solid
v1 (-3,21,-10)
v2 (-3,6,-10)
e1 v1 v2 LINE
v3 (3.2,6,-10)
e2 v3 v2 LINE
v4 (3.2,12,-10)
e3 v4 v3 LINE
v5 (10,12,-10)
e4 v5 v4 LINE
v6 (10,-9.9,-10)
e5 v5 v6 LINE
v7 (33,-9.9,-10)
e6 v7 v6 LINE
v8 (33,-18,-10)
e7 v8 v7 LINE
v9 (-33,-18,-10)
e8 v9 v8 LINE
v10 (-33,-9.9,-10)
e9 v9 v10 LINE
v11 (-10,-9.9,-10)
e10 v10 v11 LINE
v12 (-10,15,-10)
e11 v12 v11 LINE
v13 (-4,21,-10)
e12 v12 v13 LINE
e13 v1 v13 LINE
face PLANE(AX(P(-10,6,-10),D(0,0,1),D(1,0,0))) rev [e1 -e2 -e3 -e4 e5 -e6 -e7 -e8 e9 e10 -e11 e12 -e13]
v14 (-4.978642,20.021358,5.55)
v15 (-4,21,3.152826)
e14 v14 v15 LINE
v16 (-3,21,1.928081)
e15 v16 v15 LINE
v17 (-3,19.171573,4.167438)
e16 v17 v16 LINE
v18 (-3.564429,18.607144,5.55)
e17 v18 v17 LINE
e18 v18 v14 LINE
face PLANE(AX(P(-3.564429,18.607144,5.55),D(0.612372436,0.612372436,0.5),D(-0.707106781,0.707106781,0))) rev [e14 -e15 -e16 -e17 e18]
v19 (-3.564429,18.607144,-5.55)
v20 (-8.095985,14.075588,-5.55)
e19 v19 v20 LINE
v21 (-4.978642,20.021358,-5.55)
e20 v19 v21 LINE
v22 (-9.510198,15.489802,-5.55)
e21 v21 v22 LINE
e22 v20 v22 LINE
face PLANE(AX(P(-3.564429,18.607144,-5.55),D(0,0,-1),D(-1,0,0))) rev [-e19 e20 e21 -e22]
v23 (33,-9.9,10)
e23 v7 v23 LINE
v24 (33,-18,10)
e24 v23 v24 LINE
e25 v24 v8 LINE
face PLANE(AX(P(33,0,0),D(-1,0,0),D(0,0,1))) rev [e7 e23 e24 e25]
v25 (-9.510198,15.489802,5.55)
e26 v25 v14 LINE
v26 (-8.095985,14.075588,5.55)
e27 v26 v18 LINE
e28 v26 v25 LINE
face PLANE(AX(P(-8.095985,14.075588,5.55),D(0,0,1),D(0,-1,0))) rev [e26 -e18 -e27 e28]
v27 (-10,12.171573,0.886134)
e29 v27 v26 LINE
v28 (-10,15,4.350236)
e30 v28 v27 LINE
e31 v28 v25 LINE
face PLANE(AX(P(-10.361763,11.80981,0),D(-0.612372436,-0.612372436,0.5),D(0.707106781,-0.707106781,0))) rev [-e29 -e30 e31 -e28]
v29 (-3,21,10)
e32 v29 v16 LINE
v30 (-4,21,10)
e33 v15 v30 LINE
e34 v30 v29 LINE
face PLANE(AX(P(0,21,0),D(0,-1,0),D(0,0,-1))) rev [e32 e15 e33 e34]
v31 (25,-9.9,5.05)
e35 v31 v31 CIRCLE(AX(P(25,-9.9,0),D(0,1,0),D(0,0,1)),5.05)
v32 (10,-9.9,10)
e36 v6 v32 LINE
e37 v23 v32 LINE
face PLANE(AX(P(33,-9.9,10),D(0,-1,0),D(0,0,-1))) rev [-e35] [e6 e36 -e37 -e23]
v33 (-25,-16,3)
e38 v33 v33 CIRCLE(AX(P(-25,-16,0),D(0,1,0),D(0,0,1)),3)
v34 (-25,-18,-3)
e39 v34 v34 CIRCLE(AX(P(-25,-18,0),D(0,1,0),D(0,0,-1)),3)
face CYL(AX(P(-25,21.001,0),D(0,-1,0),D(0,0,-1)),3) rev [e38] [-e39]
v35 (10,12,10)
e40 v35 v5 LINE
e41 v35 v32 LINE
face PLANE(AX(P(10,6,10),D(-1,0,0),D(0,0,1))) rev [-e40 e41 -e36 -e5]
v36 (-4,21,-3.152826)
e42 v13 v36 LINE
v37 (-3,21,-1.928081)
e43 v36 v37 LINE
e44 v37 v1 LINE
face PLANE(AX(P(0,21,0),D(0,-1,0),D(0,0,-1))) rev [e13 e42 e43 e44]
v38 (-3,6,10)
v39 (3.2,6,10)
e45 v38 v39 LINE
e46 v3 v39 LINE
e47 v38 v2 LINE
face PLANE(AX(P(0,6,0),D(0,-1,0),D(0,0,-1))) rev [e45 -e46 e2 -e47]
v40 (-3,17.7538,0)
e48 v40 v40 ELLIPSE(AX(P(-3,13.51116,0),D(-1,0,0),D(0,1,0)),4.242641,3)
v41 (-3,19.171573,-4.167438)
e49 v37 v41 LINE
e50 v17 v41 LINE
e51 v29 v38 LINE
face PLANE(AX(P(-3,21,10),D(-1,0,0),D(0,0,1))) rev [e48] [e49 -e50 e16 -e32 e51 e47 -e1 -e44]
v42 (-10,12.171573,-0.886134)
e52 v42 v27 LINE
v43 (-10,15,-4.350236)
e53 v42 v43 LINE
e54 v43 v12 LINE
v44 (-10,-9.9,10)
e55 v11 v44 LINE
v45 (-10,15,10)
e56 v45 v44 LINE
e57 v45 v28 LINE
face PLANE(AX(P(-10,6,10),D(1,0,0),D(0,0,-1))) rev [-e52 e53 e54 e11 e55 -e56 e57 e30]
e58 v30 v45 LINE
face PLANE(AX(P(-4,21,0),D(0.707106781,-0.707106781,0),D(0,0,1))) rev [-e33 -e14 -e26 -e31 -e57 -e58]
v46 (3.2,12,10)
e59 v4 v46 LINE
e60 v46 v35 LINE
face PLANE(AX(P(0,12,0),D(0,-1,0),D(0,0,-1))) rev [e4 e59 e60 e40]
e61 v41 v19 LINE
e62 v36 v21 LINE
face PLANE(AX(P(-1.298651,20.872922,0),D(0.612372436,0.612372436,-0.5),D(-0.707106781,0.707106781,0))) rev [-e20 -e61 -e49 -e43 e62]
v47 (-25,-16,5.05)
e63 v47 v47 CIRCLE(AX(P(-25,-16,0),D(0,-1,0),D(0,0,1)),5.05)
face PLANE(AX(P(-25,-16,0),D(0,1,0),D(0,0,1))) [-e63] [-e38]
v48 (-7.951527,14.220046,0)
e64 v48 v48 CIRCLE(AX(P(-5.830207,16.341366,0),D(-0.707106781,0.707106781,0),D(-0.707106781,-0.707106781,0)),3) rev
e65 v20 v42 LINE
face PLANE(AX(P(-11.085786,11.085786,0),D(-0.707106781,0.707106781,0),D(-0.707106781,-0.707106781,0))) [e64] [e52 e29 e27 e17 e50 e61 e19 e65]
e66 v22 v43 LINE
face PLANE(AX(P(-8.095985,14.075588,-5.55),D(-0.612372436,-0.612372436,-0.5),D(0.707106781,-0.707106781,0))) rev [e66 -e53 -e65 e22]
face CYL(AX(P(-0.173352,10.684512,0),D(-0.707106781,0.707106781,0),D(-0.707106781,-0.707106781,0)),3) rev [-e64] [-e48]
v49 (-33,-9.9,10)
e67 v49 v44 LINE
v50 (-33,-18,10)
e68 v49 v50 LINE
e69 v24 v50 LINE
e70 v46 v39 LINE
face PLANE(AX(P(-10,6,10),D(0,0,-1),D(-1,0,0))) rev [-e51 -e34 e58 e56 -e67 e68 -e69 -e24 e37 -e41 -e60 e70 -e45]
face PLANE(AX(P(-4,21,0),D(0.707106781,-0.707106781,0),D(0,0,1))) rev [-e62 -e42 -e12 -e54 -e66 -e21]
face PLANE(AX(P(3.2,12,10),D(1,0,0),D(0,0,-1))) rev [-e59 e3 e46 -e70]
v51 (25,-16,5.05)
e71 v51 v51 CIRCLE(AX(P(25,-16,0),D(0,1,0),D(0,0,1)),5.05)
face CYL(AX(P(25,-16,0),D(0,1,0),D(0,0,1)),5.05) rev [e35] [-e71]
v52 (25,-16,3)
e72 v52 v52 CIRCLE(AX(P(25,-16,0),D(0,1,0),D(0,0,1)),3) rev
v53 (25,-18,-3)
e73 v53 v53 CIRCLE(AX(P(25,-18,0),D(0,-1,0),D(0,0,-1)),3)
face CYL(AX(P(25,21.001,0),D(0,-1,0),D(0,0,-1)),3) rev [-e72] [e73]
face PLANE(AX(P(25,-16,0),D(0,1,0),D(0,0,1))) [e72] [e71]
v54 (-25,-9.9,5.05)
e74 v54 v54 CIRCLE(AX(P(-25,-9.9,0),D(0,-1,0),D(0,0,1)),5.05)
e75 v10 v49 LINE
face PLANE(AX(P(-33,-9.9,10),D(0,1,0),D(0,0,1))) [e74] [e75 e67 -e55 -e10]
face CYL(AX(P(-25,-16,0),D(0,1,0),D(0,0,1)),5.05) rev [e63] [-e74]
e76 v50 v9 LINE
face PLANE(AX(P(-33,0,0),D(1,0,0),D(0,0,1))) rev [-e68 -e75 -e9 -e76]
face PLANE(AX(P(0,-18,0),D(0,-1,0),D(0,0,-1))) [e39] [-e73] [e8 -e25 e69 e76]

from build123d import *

# Parameters (mm, degrees)
SKETCH1_W           = 20
SKETCH1_H           = 20
BOSS_EXTRUDE1_DEPTH = 6
SKETCH2_W           = 6.8
SKETCH2_H           = 20
BOSS_EXTRUDE2_DEPTH = 6
SKETCH3_W           = 7
SKETCH3_H           = 20
BOSS_EXTRUDE3_DEPTH = 15
CHAMFER1_SIZE       = 6
SKETCH4_R           = 3
CUT_EXTRUDE1_DEPTH  = 10
SKETCH5_W           = 20
SKETCH5_H           = 20
BOSS_EXTRUDE4_DEPTH = 18
CUT_EXTRUDE2_DEPTH  = 2
SKETCH9_W           = 20
SKETCH9_H           = 8.1
BOSS_EXTRUDE5_DEPTH = 23
CUT_EXTRUDE5_REACH  = 54.058
SKETCH10_R          = 3
SKETCH11_R          = 5.05
CUT_EXTRUDE6_DEPTH  = 6.1


with BuildPart() as part:
    # Sketch1 → Boss-Extrude1 (new body)
    with BuildSketch(Plane(origin=(0, 0, 0), x_dir=(1, 0, 0), z_dir=(0, 1, 0))):
        Rectangle(SKETCH1_W, SKETCH1_H)
    extrude(amount=BOSS_EXTRUDE1_DEPTH)

    # Sketch2 → Boss-Extrude2 (add)
    with BuildSketch(Plane(origin=(0, 6, 0), x_dir=(1, 0, 0), z_dir=(0, 1, 0))):
        with Locations((6.6, 0)):
            Rectangle(SKETCH2_W, SKETCH2_H)
    extrude(amount=BOSS_EXTRUDE2_DEPTH)

    # Sketch3 → Boss-Extrude3 (add)
    with BuildSketch(Plane(origin=(0, 6, 0), x_dir=(1, 0, 0), z_dir=(0, 1, 0))):
        with Locations((-6.5, 0)):
            Rectangle(SKETCH3_W, SKETCH3_H)
    extrude(amount=BOSS_EXTRUDE3_DEPTH)

    # Chamfer1
    chamfer1_edges = [part.edges().sort_by_distance(p)[0] for p in [
        (-10, 21, 0),
    ]]
    chamfer(chamfer1_edges, length=CHAMFER1_SIZE)

    # Sketch4 → Cut-Extrude1 (cut)
    with BuildSketch(Plane(origin=(-12.5, 12.5, 0), x_dir=(0, 0, 1), z_dir=(-0.7071067811865489, 0.7071067811865462, 0))):
        with Locations(Location((0, 7.432512212, 0), (0, 0, 270))):
            Circle(SKETCH4_R)
    extrude(amount=-CUT_EXTRUDE1_DEPTH, mode=Mode.SUBTRACT)

    # Sketch5 → Boss-Extrude4 (add)
    with BuildSketch(Plane.XZ):
        Rectangle(SKETCH5_W, SKETCH5_H)
    extrude(amount=BOSS_EXTRUDE4_DEPTH)

    # Sketch6 → Cut-Extrude2 (cut)
    with BuildSketch(Plane(origin=(-12.5, 12.5, 0), x_dir=(0, 0, 1), z_dir=(-0.7071067811865489, 0.7071067811865462, 0))):
        Polygon((0, 13.8411002), (-5.55, 10.636806206), (-5.55, 4.228218218), (0, 1.023924224), (5.55, 4.228218218), (5.55, 10.636806206), align=None)
    extrude(amount=-CUT_EXTRUDE2_DEPTH, mode=Mode.SUBTRACT)

    # Sketch9 → Boss-Extrude5 (add)
    with BuildSketch(Plane(origin=(10, 0, 0), x_dir=(0, 0, -1), z_dir=(1, 0, 0))):
        with Locations((0, -13.95)):
            Rectangle(SKETCH9_W, SKETCH9_H)
    boss_extrude5 = extrude(amount=BOSS_EXTRUDE5_DEPTH)

    # Sketch10 → Cut-Extrude5 (cut, up to next)
    with BuildSketch(Plane.XZ.offset(18), mode=Mode.PRIVATE) as cut_extrude5_sk1:
        with Locations(Location((25, 0, 0), (0, 0, 270))):
            Circle(SKETCH10_R)
    cut_extrude5_tool1 = extrude(cut_extrude5_sk1.sketch, amount=-CUT_EXTRUDE5_REACH, mode=Mode.PRIVATE) & part.part
    cut_extrude5 = cut_extrude5_tool1.solids().sort_by_distance((25, -18, 0))[0]
    add(cut_extrude5, mode=Mode.SUBTRACT)

    # Sketch11 → Cut-Extrude6 (cut)
    with BuildSketch(Plane(origin=(0, -9.9, 0), x_dir=(1, 0, 0), z_dir=(0, 1, 0))):
        with Locations(Location((25, 0, 0), (0, 0, 270))):
            Circle(SKETCH11_R)
    cut_extrude6 = extrude(amount=-CUT_EXTRUDE6_DEPTH, mode=Mode.SUBTRACT)

    # Mirror1: Boss-Extrude5, Cut-Extrude5, Cut-Extrude6 across plane
    add(boss_extrude5.mirror(Plane(origin=(0, 0, 0), x_dir=(0, 0, 1), z_dir=(1, 0, 0))))
    add(cut_extrude5.mirror(Plane(origin=(0, 0, 0), x_dir=(0, 0, 1), z_dir=(1, 0, 0))), mode=Mode.SUBTRACT)
    add(cut_extrude6.mirror(Plane(origin=(0, 0, 0), x_dir=(0, 0, 1), z_dir=(1, 0, 0))), mode=Mode.SUBTRACT)


solid = part.part
